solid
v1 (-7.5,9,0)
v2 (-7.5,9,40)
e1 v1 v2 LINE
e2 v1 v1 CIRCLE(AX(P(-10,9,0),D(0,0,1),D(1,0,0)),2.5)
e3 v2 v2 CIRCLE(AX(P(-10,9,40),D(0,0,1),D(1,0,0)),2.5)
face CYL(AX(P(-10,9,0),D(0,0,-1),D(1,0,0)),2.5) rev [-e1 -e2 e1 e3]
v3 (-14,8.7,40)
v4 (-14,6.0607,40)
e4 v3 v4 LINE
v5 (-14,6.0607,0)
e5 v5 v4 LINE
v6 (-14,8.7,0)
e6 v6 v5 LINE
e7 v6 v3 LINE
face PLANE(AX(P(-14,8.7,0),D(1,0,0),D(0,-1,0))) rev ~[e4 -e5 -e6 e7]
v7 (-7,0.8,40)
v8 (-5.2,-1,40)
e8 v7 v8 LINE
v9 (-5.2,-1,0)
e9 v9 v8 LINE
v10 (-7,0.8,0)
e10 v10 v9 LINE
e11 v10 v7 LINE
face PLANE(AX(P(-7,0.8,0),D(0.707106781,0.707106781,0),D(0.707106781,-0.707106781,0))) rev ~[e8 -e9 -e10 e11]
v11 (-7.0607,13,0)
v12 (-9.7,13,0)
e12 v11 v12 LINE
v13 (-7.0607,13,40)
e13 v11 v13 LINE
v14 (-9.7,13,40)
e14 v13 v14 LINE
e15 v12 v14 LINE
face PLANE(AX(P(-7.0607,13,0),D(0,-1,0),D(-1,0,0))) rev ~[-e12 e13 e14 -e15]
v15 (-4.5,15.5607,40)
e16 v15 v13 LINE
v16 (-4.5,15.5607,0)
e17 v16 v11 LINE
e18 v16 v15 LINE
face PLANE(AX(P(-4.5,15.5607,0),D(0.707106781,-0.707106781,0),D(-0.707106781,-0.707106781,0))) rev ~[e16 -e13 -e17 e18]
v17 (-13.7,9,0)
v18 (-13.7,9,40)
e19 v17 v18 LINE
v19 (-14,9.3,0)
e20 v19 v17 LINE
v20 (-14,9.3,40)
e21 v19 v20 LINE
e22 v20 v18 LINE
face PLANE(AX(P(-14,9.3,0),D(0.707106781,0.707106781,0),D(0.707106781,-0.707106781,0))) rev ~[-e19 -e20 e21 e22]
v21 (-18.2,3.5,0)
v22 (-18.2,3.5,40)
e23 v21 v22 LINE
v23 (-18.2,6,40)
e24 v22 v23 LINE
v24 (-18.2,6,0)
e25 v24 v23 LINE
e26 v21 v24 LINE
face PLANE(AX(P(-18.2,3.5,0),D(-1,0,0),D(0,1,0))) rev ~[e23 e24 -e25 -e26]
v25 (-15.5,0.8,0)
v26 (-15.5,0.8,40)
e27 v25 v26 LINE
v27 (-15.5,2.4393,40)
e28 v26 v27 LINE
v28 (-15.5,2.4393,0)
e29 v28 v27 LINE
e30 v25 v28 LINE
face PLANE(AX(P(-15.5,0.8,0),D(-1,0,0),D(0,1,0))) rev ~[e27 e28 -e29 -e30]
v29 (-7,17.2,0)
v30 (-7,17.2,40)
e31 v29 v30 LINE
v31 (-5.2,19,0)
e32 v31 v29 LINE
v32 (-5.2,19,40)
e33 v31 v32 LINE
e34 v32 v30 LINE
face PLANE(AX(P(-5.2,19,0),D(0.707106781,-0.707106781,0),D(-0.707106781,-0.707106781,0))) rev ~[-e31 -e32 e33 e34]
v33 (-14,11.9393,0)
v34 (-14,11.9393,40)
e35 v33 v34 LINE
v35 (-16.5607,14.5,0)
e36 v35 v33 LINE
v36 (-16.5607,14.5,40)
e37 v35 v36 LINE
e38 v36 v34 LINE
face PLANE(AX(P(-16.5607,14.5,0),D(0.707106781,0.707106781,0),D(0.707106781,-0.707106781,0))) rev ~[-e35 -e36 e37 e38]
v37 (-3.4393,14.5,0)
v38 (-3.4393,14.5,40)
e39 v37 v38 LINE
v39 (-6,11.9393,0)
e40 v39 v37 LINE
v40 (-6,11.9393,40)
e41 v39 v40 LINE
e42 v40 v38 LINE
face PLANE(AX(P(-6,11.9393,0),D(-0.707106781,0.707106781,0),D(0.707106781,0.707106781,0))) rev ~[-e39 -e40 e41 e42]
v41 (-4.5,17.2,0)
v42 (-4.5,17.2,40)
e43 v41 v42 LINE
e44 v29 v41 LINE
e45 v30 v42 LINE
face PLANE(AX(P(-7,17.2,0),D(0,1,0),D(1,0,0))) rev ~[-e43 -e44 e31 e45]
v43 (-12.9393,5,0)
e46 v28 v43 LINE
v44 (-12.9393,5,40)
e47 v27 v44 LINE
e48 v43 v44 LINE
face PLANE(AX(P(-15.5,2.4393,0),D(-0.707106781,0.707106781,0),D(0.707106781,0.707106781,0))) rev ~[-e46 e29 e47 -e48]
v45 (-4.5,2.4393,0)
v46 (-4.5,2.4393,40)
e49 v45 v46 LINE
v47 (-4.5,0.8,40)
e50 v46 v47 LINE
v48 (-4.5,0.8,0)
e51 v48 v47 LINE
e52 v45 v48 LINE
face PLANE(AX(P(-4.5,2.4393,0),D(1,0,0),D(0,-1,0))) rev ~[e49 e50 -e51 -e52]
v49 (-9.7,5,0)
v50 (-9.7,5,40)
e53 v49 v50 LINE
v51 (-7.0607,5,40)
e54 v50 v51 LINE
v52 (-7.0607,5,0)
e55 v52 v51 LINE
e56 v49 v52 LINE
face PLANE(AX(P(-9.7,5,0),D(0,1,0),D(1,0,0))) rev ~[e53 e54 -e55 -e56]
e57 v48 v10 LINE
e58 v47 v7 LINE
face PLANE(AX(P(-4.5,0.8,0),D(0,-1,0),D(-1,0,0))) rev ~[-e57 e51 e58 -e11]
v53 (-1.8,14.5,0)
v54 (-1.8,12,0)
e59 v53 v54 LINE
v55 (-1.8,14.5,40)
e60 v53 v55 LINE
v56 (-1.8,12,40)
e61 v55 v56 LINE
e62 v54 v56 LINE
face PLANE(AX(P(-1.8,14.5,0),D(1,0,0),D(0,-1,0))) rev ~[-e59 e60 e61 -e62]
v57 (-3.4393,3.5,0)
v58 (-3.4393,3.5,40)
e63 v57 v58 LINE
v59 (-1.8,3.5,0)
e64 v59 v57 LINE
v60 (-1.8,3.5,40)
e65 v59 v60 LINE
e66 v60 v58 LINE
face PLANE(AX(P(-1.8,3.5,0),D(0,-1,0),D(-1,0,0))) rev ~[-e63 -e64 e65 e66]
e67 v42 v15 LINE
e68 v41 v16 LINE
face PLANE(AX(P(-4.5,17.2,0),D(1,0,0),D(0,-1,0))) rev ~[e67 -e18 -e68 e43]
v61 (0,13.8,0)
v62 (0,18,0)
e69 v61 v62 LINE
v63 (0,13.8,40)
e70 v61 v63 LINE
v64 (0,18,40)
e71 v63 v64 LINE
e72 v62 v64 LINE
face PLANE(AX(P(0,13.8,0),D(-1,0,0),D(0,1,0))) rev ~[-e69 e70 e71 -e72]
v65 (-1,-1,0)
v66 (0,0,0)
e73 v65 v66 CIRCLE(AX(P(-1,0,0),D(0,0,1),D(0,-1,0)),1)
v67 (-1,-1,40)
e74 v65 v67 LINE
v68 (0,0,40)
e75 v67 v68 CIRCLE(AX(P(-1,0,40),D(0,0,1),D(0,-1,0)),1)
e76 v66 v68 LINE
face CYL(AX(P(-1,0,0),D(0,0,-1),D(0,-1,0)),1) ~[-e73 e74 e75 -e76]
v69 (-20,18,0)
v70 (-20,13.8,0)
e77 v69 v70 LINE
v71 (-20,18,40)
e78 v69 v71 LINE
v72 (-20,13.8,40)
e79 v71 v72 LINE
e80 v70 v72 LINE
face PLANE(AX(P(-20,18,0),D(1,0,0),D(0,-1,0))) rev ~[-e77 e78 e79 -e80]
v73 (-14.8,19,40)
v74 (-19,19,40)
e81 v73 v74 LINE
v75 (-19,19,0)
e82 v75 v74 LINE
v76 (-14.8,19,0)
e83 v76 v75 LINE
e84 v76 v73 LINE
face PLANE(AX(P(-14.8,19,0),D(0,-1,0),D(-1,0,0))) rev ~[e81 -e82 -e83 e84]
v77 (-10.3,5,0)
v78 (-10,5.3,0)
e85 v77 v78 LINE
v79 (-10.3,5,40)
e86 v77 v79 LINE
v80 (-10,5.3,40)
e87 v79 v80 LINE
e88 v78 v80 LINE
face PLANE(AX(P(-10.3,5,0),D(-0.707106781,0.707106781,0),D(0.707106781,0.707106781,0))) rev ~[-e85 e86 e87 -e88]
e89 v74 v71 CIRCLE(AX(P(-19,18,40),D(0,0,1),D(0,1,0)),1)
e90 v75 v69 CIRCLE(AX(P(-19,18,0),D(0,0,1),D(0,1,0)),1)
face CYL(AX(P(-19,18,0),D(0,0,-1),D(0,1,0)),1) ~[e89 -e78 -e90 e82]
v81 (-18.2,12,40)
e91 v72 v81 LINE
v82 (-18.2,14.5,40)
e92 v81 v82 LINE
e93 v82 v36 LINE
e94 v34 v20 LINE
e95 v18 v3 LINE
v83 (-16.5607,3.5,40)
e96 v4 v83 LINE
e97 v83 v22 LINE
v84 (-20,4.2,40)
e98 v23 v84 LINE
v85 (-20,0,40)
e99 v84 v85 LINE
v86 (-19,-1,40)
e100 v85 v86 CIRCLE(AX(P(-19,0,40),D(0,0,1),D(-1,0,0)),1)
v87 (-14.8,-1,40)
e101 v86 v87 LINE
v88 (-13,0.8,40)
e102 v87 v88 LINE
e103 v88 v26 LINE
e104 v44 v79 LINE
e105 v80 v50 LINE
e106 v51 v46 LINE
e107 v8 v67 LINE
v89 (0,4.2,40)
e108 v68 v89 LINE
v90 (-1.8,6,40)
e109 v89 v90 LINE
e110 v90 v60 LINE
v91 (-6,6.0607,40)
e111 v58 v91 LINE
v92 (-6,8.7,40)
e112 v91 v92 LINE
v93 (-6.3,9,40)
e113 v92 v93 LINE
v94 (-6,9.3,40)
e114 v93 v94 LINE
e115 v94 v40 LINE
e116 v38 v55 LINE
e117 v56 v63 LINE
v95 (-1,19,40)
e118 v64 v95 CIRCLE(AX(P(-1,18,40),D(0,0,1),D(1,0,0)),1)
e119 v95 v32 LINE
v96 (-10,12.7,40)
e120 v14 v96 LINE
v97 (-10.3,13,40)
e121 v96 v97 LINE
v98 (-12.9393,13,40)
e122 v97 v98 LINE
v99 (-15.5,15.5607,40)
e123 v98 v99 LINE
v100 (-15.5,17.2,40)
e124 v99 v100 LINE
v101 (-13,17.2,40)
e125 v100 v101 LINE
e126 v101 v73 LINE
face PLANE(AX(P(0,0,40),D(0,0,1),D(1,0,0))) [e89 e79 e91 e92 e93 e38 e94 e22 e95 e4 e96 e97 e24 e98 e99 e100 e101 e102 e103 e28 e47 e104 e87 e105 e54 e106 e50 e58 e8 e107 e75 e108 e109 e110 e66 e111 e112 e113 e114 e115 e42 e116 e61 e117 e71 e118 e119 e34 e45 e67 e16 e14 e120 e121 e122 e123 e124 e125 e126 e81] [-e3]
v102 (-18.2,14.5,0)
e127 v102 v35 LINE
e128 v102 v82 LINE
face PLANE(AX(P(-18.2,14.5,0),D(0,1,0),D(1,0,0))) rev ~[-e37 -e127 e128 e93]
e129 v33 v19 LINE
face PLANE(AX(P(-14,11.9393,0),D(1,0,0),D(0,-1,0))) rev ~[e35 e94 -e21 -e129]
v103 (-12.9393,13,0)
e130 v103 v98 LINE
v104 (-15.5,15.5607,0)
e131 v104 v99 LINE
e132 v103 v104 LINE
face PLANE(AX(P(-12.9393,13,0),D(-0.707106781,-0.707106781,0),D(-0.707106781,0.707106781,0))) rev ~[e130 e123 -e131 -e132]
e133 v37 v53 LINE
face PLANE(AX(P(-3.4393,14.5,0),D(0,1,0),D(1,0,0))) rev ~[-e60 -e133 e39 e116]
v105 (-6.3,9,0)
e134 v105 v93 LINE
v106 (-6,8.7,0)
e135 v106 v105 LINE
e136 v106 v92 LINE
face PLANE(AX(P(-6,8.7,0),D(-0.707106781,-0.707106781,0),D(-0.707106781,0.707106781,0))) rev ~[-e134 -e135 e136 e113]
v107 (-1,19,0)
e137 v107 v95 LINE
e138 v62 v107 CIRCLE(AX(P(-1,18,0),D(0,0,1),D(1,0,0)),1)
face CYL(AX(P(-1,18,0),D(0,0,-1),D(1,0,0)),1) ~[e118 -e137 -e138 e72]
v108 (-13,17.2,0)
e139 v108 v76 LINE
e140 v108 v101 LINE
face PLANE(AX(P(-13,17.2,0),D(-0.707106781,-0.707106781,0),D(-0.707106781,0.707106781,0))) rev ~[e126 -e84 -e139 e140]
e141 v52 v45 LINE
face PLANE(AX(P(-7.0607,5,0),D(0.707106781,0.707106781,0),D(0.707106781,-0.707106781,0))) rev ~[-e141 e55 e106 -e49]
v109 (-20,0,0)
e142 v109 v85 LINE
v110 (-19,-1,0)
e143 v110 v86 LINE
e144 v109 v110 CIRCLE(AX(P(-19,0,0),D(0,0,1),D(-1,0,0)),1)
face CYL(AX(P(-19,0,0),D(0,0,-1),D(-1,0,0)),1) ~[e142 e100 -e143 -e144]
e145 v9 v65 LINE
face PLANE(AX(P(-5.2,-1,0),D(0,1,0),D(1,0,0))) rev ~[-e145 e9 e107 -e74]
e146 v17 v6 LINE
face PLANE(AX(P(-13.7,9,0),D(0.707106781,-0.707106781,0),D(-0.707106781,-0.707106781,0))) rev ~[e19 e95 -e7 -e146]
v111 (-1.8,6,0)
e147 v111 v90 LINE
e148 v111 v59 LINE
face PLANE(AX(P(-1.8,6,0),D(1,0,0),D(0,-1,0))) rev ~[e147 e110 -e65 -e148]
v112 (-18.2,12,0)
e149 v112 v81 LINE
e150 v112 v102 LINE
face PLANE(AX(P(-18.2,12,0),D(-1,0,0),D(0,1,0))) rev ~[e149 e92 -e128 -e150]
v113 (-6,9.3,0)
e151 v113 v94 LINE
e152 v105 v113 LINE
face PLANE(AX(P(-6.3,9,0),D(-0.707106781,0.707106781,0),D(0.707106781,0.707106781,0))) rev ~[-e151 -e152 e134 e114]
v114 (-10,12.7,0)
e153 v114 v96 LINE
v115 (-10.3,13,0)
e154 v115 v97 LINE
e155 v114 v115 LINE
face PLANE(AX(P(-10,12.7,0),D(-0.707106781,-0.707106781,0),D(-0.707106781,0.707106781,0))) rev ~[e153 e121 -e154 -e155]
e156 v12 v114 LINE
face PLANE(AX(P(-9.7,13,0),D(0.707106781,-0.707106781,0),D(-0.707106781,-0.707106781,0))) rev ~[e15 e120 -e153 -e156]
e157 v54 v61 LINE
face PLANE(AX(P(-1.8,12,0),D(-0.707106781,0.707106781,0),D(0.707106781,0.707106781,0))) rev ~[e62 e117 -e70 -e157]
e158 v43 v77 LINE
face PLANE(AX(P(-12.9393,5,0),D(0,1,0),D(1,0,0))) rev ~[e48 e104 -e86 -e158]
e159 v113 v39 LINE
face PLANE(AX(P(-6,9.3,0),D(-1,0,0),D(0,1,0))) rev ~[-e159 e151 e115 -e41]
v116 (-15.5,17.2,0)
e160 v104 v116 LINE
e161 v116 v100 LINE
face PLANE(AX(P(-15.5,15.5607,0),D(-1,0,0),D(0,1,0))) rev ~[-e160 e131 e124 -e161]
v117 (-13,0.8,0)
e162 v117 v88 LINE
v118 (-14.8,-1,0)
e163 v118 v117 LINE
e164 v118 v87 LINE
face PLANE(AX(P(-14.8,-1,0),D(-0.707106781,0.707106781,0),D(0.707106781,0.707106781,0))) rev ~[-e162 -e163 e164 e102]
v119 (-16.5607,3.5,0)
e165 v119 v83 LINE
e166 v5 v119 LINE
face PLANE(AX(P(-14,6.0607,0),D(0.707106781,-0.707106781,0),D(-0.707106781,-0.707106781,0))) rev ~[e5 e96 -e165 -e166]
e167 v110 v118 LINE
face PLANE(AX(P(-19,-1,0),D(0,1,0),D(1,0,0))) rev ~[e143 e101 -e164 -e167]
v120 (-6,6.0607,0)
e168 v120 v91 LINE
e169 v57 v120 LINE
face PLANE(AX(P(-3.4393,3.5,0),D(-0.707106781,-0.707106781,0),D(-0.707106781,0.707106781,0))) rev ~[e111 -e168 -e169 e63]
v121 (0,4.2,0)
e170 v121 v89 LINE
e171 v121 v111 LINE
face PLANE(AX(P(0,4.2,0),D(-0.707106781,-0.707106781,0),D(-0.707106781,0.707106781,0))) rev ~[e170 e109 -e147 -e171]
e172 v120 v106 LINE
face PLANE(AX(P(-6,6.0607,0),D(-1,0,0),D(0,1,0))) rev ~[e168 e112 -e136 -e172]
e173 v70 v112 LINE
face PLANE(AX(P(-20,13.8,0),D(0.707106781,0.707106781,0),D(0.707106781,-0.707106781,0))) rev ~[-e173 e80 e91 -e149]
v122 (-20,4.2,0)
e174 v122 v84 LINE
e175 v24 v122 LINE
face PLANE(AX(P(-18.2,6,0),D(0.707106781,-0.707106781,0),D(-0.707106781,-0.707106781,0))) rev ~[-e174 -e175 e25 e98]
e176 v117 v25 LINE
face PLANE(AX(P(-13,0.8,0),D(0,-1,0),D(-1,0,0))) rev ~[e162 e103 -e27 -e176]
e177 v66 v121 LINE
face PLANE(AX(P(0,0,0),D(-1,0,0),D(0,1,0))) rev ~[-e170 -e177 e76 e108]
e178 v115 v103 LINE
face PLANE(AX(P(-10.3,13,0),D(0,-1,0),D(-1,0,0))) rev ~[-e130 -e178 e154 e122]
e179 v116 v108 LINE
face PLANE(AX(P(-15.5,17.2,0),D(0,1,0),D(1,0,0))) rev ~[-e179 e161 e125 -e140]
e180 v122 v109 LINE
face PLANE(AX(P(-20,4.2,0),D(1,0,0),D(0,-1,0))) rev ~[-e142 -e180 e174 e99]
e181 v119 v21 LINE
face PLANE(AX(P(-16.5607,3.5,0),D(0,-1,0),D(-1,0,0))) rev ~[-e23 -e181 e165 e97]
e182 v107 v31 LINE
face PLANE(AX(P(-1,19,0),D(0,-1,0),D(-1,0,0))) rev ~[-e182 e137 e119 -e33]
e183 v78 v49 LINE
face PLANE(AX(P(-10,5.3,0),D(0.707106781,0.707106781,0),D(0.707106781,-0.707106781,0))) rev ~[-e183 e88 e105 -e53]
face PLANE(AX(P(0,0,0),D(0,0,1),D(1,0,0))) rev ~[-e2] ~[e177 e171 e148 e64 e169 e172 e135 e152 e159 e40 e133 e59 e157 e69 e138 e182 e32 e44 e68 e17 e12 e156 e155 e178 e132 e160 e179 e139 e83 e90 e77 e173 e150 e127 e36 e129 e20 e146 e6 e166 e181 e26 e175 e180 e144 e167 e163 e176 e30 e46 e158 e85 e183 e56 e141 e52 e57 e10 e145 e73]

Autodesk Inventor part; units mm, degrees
ref_plane "YZ Plane" through (0, 0, 0) normal (1, 0, 0) x (0, 1, 0)
ref_plane "XZ Plane" through (0, 0, 0) normal (0, 1, 0) x (-1, 0, 0)
ref_plane "XY Plane" through (0, 0, 0) normal (0, 0, 1) x (1, 0, 0)
sketch "Sketch1" plane through (0, 0, 0) normal (0, 0, 1) x (1, 0, 0)
  line L0 (-14, 8.7) -> (-14, 6.0607)
  line L1 (-14, 8.7) -> (-14, 6.0607)
  line L2 (-14, 6.0607) -> (-16.5607, 3.5)
  line L3 (-14, 6.0607) -> (-16.5607, 3.5)
  line L4 (-16.5607, 3.5) -> (-18.2, 3.5)
  line L5 (-16.5607, 3.5) -> (-18.2, 3.5)
  line L6 (-18.2, 3.5) -> (-18.2, 6)
  line L7 (-18.2, 3.5) -> (-18.2, 6)
  line L8 (-20, 4.2) -> (-20, 0)
  line L9 (-18.2, 6) -> (-20, 4.2)
  line L10 (-20, 4.2) -> (-20, 0)
  line L11 (-19, -1) -> (-14.8, -1)
  line L12 (-19, -1) -> (-14.8, -1)
  line L13 (-14.8, -1) -> (-13, 0.8)
  line L14 (-14.8, -1) -> (-13, 0.8)
  line L15 (-15.5, 0.8) -> (-15.5, 2.4393)
  line L16 (-13, 0.8) -> (-15.5, 0.8)
  line L17 (-15.5, 0.8) -> (-15.5, 2.4393)
  line L18 (-12.9393, 5) -> (-10.3, 5)
  line L19 (-15.5, 2.4393) -> (-12.9393, 5)
  line L20 (-12.9393, 5) -> (-10.3, 5)
  line L21 (-10, 5.3) -> (-9.7, 5)
  line L22 (-10.3, 5) -> (-10, 5.3)
  line L23 (-13.7, 9) -> (-14, 8.7)
  line L24 (-13.7, 9) -> (-14, 8.7)
  line L25 (-10, 9) -> (-10, 10.0607)
  circle A0 centre (-10, 9) radius 2.5
  arc A1 (-20, 0) -> (-19, -1) centre (-19, 0) ccw
  arc A2 (-20, 0) -> (-19, -1) centre (-19, 0) ccw
  line L26 (-7.0607, 5) -> (-4.5, 2.4393)
  line L27 (-4.5, 2.4393) -> (-4.5, 0.8)
  line L28 (-4.5, 0.8) -> (-7, 0.8)
  line L29 (-7, 0.8) -> (-5.2, -1)
  line L30 (-3.4393, 3.5) -> (-6, 6.0607)
  line L31 (-1.8, 6) -> (-1.8, 3.5)
  line L32 (-1.8, 3.5) -> (-3.4393, 3.5)
  line L33 (0, 4.2) -> (-1.8, 6)
  line L34 (-5.2, -1) -> (-1, -1)
  line L35 (0, 0) -> (0, 4.2)
  arc A3 (-1, -1) -> (0, 0) centre (-1, 0) ccw
  line L36 (-9.7, 5) -> (-7.0607, 5)
  line L37 (-6, 6.0607) -> (-6, 8.7)
  line L38 (-6, 8.7) -> (-6.3, 9)
  line L39 (-10, 5.3) -> (-9.7, 5)
  line L40 (-6, 11.9393) -> (-3.4393, 14.5)
  line L41 (-3.4393, 14.5) -> (-1.8, 14.5)
  line L42 (-1.8, 14.5) -> (-1.8, 12)
  line L43 (-1.8, 12) -> (0, 13.8)
  line L44 (-4.5, 15.5607) -> (-7.0607, 13)
  line L45 (-7, 17.2) -> (-4.5, 17.2)
  line L46 (-4.5, 17.2) -> (-4.5, 15.5607)
  line L47 (-5.2, 19) -> (-7, 17.2)
  line L48 (0, 13.8) -> (0, 18)
  line L49 (-1, 19) -> (-5.2, 19)
  arc A4 (0, 18) -> (-1, 19) centre (-1, 18) ccw
  line L50 (-6, 9.3) -> (-6, 11.9393)
  line L51 (-7.0607, 13) -> (-9.7, 13)
  line L52 (-9.7, 13) -> (-10, 12.7)
  line L53 (-6.3, 9) -> (-6, 9.3)
  line L54 (-12.9393, 13) -> (-15.5, 15.5607)
  line L55 (-15.5, 15.5607) -> (-15.5, 17.2)
  line L56 (-15.5, 17.2) -> (-13, 17.2)
  line L57 (-13, 17.2) -> (-14.8, 19)
  line L58 (-16.5607, 14.5) -> (-14, 11.9393)
  line L59 (-18.2, 12) -> (-18.2, 14.5)
  line L60 (-18.2, 14.5) -> (-16.5607, 14.5)
  line L61 (-20, 13.8) -> (-18.2, 12)
  line L62 (-14.8, 19) -> (-19, 19)
  line L63 (-20, 18) -> (-20, 13.8)
  arc A5 (-19, 19) -> (-20, 18) centre (-19, 18) ccw
  line L64 (-10.3, 13) -> (-12.9393, 13)
  line L65 (-14, 11.9393) -> (-14, 9.3)
  line L66 (-14, 9.3) -> (-13.7, 9)
  line L67 (-10, 12.7) -> (-10.3, 13)
  point P0 (0, 0)
  point P1 (-1, 0)
  point P2 (-1, 18)
  point P3 (-19, 18)
  dimension "d2" = 360
extrude "Extrusion1" add sketch "Sketch1" along normal blind 40
properties part number "20x20 aluminum" material "Aluminum 6061"
